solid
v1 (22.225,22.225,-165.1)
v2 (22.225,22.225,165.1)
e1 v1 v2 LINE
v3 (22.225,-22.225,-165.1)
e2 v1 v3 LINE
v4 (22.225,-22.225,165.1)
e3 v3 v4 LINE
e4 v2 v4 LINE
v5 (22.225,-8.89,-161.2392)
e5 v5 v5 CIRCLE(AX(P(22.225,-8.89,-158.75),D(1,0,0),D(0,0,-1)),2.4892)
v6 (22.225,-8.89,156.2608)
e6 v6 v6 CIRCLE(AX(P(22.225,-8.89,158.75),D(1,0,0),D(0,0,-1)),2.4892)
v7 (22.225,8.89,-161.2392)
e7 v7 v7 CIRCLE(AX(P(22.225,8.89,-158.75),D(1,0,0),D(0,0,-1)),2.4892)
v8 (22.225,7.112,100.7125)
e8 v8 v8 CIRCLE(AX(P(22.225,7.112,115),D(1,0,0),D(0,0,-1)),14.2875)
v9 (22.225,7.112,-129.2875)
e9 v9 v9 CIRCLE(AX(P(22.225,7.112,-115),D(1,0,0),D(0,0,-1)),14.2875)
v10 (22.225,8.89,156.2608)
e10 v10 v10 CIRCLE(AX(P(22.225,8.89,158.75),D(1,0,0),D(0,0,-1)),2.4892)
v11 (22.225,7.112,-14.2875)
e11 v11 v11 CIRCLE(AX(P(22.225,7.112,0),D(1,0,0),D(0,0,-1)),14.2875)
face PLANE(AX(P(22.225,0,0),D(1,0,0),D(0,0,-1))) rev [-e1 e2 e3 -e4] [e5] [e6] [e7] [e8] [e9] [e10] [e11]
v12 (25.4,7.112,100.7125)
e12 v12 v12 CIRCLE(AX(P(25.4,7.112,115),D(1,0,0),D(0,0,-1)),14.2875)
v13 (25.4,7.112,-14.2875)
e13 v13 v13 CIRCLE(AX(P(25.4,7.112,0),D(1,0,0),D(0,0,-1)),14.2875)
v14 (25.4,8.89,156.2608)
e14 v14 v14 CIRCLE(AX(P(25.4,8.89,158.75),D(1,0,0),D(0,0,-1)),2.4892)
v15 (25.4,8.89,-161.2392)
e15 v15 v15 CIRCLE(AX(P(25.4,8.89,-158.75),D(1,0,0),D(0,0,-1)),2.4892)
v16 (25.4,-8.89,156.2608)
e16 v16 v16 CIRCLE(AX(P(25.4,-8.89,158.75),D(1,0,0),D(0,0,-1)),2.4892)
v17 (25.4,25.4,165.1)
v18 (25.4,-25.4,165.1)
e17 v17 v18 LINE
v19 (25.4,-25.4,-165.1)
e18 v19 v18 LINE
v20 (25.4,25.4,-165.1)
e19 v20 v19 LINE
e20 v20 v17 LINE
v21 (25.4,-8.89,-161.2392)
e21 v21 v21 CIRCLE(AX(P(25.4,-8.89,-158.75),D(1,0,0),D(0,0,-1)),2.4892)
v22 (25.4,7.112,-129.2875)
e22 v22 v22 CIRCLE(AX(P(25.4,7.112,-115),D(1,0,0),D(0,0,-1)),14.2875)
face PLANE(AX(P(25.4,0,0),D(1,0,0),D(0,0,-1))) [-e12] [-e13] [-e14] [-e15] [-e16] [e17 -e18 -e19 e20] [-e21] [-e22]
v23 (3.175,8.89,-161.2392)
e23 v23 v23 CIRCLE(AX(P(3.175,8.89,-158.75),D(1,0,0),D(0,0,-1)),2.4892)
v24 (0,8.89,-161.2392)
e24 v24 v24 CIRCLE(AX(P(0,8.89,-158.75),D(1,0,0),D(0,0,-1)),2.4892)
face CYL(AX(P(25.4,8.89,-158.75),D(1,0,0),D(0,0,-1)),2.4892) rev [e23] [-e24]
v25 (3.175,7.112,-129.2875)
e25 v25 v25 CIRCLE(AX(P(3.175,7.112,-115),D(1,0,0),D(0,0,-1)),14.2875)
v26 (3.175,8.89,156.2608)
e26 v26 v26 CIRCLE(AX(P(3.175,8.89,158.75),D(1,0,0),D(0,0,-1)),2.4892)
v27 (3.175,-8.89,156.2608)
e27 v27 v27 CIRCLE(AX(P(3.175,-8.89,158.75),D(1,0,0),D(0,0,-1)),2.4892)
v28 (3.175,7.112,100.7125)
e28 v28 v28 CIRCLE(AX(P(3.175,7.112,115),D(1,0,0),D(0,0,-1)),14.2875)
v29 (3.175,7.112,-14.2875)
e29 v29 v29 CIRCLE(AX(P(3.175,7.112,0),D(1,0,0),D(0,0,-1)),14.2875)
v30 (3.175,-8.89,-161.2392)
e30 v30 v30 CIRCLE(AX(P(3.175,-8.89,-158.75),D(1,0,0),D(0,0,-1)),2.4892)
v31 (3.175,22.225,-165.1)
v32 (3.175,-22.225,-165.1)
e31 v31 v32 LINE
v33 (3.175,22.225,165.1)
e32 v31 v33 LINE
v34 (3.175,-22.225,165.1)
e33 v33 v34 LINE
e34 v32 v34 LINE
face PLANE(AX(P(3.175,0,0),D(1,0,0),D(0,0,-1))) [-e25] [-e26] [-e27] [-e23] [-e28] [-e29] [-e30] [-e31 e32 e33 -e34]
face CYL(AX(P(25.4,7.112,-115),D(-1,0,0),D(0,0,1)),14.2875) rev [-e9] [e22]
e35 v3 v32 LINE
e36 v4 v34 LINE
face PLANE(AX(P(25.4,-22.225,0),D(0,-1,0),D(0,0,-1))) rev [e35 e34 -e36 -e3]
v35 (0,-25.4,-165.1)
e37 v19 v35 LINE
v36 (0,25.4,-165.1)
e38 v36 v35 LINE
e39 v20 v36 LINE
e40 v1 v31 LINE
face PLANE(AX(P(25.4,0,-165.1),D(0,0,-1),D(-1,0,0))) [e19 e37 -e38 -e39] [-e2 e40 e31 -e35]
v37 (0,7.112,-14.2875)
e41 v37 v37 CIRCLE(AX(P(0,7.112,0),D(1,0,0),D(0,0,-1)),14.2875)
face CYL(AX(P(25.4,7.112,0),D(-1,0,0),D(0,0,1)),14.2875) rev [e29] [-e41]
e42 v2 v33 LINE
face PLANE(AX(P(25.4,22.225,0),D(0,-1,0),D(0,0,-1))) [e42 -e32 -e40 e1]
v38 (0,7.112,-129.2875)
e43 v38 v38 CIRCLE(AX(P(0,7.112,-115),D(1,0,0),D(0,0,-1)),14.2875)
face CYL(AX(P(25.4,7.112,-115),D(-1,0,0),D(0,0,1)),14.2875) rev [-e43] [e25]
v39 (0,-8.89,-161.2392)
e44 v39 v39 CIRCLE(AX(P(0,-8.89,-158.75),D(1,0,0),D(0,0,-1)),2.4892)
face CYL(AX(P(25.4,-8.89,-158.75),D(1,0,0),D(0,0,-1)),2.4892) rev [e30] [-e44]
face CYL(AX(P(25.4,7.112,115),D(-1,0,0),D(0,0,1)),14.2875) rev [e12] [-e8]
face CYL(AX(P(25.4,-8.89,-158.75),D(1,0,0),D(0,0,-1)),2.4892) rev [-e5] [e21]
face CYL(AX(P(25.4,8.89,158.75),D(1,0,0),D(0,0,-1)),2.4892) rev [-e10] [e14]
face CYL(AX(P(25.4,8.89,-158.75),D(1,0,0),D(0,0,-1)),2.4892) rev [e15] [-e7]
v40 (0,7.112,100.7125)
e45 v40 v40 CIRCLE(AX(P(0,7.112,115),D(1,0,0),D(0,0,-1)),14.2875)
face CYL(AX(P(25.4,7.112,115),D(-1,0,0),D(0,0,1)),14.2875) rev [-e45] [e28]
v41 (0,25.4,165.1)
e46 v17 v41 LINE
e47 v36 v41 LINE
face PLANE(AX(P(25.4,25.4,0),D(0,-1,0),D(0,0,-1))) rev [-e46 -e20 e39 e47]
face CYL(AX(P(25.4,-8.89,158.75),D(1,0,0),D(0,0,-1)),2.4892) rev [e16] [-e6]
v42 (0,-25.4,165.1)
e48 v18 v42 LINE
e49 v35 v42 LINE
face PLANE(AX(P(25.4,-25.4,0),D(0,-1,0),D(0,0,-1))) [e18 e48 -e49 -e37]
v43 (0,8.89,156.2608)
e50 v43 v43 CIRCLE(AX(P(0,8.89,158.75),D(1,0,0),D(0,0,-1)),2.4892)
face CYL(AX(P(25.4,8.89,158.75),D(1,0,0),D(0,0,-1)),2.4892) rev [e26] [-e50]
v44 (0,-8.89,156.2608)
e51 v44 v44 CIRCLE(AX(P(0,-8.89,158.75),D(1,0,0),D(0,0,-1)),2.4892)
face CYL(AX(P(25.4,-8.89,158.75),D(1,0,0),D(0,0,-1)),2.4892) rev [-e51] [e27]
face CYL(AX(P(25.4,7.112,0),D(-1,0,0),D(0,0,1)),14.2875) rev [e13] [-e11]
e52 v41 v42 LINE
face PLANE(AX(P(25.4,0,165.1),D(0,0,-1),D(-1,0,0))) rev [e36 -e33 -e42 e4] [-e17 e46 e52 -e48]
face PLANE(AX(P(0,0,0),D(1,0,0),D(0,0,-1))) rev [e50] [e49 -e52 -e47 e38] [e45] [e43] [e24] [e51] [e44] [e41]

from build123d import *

# Parameters (mm, degrees)
SKETCH1_W                  = 330.2
SKETCH1_H                  = 50.8
SKETCH1_R                  = 14.2875
BOSS_EXTRUDE1_DEPTH        = 25.4
SHELL1_T                   = -3.175
F_9_0_196_DIAMETER_HOLE1_D = 4.9784


with BuildPart() as part:
    # Sketch1 → Boss-Extrude1 (new body)
    with BuildSketch(Plane(origin=(0, 0, 0), x_dir=(0, 0, -1), z_dir=(1, 0, 0))):
        Rectangle(SKETCH1_W, SKETCH1_H)
        with Locations((115, 7.112)):
            Circle(SKETCH1_R, mode=Mode.SUBTRACT)
        with Locations((-115, 7.112)):
            Circle(SKETCH1_R, mode=Mode.SUBTRACT)
        with Locations((0, 7.112)):
            Circle(SKETCH1_R, mode=Mode.SUBTRACT)
    extrude(amount=BOSS_EXTRUDE1_DEPTH)

    # Shell1
    shell1_openings = [part.faces().sort_by_distance(p)[0] for p in [
        (12.7, 0, -165.1),
        (12.7, 0, 165.1),
        (12.7, 7.112, 14.2875),
        (12.7, 7.112, 129.2875),
        (12.7, 7.112, -100.7125),
    ]]
    offset(amount=SHELL1_T, openings=shell1_openings, kind=Kind.INTERSECTION)

    # #9 (0.196) Diameter Hole1 (through all)
    with Locations(Plane(origin=(25.4, 0, 0), x_dir=(0, 0, -1), z_dir=(1, 0, 0))):
        with Locations((-158.75, 8.89), (-158.75, -8.89)):
            f_9_0_196_diameter_hole1 = Hole(F_9_0_196_DIAMETER_HOLE1_D / 2)

    # Mirror1: #9 (0.196) Diameter Hole1 across plane
    add(f_9_0_196_diameter_hole1.mirror(Plane.XY), mode=Mode.SUBTRACT)


solid = part.part
